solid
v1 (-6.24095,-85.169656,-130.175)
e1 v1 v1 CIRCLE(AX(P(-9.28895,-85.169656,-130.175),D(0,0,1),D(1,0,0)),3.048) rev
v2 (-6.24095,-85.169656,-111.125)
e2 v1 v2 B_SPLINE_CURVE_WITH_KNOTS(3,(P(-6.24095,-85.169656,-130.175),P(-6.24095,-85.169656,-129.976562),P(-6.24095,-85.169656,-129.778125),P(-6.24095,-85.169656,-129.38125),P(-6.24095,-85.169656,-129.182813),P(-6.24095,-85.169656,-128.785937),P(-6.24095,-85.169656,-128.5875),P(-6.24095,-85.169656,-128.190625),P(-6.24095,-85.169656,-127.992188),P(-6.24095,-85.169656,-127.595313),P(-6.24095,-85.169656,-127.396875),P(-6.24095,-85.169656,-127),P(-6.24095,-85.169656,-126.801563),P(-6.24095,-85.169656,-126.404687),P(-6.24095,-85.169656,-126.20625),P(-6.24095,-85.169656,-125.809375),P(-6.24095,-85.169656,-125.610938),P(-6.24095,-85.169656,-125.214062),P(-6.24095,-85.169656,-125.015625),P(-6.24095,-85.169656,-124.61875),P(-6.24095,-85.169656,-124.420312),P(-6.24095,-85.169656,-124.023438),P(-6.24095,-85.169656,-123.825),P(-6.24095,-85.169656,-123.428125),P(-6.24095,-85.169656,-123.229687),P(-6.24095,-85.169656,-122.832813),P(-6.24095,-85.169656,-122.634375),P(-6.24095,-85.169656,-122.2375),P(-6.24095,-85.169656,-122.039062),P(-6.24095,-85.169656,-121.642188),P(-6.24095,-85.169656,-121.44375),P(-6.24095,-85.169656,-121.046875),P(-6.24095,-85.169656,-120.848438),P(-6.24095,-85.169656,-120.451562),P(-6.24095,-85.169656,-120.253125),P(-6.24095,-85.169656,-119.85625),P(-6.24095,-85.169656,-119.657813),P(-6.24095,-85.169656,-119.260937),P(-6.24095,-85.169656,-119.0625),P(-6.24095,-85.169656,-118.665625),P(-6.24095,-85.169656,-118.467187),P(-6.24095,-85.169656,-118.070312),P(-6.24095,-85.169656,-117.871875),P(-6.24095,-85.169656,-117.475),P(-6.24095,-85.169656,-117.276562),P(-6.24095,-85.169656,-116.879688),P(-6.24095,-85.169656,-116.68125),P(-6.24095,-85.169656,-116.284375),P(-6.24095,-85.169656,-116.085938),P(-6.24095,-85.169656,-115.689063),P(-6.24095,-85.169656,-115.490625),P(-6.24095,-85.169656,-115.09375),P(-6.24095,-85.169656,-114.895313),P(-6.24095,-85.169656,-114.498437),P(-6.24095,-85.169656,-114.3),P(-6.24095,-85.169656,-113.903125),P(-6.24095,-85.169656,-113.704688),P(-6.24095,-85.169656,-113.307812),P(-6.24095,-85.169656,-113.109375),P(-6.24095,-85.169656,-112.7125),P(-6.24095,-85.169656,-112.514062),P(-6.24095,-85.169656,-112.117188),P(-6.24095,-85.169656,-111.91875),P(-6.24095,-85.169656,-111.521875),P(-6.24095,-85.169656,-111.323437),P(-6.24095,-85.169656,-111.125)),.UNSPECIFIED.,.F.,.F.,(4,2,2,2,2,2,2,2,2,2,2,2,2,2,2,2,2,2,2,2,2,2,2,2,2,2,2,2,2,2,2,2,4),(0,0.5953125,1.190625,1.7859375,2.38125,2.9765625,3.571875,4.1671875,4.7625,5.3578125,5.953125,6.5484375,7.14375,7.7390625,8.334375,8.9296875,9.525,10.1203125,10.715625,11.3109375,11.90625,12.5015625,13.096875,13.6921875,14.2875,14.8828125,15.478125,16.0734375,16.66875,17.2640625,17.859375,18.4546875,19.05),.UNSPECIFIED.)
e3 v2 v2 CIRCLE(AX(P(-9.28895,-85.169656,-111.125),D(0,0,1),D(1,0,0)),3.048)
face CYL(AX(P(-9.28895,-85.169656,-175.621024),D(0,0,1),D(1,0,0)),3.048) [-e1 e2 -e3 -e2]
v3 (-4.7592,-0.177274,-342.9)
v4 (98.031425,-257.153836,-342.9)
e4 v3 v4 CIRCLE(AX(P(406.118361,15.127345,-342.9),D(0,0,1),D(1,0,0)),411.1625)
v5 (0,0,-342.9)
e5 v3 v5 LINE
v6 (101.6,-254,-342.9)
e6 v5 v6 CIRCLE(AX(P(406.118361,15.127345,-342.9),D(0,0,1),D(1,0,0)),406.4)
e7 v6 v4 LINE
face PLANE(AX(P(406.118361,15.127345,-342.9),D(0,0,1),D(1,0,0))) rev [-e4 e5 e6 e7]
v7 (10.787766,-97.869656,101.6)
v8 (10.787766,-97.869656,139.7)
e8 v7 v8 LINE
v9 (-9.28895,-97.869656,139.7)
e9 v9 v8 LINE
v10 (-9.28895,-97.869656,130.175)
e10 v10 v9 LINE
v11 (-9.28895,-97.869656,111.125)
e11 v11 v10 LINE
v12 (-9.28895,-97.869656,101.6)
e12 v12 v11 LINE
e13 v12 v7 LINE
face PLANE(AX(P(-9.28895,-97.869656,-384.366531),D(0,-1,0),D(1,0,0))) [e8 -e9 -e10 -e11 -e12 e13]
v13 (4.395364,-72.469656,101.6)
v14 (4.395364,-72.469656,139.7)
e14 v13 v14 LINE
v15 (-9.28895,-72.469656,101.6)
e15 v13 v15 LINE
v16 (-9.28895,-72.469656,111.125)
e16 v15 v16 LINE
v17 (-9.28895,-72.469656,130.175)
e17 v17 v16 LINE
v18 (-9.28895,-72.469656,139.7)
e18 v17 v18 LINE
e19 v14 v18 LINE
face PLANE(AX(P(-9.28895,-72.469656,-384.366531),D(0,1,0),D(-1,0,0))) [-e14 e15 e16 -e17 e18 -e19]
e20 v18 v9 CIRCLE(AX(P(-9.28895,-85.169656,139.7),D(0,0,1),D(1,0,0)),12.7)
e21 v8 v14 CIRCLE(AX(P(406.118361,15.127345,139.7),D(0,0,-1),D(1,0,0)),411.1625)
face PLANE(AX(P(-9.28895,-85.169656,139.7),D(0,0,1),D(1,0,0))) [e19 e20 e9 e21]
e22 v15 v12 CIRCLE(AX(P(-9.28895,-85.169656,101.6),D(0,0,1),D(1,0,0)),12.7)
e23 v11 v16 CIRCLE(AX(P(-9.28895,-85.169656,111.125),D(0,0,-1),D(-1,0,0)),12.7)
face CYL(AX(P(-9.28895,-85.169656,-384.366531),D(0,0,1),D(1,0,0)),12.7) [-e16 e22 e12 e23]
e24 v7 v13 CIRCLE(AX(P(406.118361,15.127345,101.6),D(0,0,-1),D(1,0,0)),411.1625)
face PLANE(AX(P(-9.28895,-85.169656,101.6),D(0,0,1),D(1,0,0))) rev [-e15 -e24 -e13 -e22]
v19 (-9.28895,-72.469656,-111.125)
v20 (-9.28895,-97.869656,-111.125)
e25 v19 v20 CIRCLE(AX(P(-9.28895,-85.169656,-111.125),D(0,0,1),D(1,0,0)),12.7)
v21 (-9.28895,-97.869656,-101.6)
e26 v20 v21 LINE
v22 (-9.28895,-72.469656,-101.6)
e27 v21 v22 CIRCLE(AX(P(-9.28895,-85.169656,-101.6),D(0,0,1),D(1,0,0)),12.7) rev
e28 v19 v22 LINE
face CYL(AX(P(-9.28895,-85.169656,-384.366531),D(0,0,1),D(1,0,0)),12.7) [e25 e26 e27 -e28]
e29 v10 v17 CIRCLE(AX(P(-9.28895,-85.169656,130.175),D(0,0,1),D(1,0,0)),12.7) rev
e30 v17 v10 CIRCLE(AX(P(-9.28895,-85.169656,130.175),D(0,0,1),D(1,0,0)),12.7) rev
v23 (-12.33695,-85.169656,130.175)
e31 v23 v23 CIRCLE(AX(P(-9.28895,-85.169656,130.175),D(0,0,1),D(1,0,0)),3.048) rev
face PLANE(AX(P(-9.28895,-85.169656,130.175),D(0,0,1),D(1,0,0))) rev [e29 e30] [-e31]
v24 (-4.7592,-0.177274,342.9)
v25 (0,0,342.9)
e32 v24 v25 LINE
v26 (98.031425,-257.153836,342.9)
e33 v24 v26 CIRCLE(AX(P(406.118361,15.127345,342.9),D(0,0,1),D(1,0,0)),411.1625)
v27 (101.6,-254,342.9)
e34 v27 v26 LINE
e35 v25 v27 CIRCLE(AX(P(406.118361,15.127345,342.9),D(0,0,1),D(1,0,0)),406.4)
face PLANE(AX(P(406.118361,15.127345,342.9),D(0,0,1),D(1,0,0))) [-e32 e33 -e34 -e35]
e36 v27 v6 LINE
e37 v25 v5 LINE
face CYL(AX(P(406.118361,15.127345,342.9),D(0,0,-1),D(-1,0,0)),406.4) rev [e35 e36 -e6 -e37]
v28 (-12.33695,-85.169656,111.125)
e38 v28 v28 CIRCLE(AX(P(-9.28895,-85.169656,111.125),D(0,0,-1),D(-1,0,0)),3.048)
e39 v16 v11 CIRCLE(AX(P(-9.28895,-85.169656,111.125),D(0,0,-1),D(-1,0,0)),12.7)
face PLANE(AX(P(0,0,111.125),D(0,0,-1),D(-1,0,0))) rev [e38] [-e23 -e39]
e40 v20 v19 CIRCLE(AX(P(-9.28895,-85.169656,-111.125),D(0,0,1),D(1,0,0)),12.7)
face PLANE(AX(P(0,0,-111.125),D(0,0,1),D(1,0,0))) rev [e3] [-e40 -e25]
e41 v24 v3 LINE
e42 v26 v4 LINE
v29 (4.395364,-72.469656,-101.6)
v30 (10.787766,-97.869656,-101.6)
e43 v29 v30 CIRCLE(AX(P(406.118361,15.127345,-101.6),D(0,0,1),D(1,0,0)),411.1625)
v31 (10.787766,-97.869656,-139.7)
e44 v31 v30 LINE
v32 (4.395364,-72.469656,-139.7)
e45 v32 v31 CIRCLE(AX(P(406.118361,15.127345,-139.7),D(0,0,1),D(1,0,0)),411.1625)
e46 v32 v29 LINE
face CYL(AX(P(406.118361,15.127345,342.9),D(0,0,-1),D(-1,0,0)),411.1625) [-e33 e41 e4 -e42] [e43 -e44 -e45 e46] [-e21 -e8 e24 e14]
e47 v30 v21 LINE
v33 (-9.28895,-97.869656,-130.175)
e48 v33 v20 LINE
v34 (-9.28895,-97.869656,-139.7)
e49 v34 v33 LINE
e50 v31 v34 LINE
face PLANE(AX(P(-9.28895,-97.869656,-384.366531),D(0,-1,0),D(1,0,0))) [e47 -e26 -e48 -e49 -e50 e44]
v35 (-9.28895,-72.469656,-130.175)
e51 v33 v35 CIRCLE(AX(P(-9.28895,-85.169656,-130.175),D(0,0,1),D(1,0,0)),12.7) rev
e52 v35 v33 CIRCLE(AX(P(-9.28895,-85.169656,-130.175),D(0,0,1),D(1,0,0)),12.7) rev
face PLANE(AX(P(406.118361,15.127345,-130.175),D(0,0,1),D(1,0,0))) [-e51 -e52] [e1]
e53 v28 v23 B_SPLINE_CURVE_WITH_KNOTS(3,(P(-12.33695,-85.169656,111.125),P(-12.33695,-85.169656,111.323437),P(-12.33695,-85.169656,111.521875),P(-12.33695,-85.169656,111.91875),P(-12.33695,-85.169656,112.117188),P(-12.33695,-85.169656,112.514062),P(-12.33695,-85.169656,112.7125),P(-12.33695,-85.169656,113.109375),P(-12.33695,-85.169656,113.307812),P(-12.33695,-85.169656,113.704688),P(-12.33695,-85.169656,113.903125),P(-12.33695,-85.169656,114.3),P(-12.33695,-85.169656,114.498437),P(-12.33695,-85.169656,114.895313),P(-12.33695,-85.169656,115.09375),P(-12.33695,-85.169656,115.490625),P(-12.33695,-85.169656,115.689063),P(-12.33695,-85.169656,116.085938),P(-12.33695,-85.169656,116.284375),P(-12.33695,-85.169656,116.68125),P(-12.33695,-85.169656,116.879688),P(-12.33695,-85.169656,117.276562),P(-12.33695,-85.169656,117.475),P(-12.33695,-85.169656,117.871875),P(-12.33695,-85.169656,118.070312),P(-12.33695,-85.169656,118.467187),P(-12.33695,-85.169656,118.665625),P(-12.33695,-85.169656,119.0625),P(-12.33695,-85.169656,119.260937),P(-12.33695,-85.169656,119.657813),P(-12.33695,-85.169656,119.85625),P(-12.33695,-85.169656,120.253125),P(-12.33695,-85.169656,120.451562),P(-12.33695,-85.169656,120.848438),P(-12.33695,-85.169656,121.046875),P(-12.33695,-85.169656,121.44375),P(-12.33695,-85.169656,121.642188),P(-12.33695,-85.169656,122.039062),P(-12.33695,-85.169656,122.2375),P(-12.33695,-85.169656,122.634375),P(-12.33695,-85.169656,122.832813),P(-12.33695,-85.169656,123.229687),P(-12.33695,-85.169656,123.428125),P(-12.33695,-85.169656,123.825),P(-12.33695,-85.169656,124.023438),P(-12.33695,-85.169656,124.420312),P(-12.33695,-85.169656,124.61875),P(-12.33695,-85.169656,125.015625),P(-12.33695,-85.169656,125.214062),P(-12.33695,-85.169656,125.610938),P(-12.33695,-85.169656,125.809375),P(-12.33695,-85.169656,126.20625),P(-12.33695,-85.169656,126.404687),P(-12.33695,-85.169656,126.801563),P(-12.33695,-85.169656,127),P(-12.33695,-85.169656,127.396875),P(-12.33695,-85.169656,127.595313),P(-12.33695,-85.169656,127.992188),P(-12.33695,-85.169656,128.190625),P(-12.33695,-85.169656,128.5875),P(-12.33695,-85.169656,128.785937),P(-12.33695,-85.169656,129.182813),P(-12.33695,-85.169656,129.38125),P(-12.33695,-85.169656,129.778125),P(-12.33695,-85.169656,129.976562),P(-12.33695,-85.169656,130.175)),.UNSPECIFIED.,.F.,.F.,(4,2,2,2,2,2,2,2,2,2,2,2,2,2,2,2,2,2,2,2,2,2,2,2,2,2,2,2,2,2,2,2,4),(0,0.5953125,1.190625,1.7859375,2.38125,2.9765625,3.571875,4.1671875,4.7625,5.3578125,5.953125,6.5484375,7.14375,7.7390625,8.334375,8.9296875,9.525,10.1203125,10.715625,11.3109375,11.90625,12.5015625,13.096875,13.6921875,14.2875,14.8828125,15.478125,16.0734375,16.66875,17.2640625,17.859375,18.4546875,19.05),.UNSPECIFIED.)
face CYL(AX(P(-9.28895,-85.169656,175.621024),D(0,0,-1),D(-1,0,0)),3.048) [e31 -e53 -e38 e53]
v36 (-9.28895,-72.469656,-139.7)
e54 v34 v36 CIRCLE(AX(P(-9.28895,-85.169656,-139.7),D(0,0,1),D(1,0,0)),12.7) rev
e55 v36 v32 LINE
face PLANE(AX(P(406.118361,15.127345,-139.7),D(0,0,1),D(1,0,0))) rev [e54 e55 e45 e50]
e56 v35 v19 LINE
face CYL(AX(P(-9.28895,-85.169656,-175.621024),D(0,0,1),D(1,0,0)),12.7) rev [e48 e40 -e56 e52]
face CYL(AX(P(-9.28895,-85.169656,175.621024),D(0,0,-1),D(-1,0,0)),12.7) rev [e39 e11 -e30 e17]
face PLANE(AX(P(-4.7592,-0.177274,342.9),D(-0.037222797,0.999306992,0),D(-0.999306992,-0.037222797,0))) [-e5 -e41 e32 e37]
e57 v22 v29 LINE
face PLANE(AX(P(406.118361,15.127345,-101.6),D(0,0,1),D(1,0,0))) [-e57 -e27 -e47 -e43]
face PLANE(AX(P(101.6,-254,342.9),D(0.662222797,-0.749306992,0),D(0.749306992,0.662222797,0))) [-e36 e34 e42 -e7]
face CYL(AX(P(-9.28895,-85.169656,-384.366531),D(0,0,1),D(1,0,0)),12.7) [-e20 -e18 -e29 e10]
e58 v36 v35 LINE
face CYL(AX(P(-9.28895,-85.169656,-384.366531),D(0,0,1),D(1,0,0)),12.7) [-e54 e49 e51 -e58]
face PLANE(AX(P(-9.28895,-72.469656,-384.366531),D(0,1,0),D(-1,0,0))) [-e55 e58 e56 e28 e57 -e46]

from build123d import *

# Parameters (mm, degrees)
EXTRUDE_THIN1_DEPTH = 342.9
BOSS_EXTRUDE1_START = -203.2
BOSS_EXTRUDE1_DEPTH = 279.4
CUT_EXTRUDE1_START  = -38.1
CUT_EXTRUDE1_DEPTH  = 203.2
CUT_EXTRUDE2_START  = -9.525
SKETCH4_R           = 3.048
CUT_EXTRUDE2_DEPTH  = 19.05
CUT_EXTRUDE3_START  = -28.575
SKETCH5_R           = 3.048
CUT_EXTRUDE3_DEPTH  = 19.05


with BuildPart() as part:
    # Sketch1 → Extrude-Thin1 (new, symmetric)
    with BuildSketch(Plane.XY):
        with BuildLine():
            ThreePointArc((0, 0), (28.7854342, -135.80582632), (101.6, -254))
            Line((101.6, -254), (98.031425453, -257.153836069))
            ThreePointArc((98.031425453, -257.153836069), (24.36356396, -137.574574416), (-4.759199547, -0.177273569))
            Line((-4.759199547, -0.177273569), (0, 0))
        make_face()
    extrude(amount=EXTRUDE_THIN1_DEPTH, both=True)

    # Sketch2 → Boss-Extrude1 (add)
    with BuildSketch(Plane.XY.offset(342.9).offset(BOSS_EXTRUDE1_START)):
        with BuildLine():
            Line((-9.288950239, -72.469656114), (4.395363676, -72.469656114))
            ThreePointArc((4.395363676, -72.469656114), (7.38925865, -85.220570454), (10.787766498, -97.869656114))
            Line((10.787766498, -97.869656114), (-9.288950239, -97.869656114))
            ThreePointArc((-9.288950239, -97.869656114), (-21.988950239, -85.169656114), (-9.288950239, -72.469656114))
        make_face()
    extrude(amount=-BOSS_EXTRUDE1_DEPTH)

    # Sketch3 → Cut-Extrude1 (cut)
    with BuildSketch(Plane.XY.offset(139.7).offset(CUT_EXTRUDE1_START)):
        with BuildLine():
            Line((-9.288950239, -97.869656114), (10.787766498, -97.869656114))
            ThreePointArc((10.787766498, -97.869656114), (7.38925865, -85.220570454), (4.395363676, -72.469656114))
            Line((4.395363676, -72.469656114), (-9.288950239, -72.469656114))
            ThreePointArc((-9.288950239, -72.469656114), (-21.988950239, -85.169656114), (-9.288950239, -97.869656114))
        make_face()
    extrude(amount=-CUT_EXTRUDE1_DEPTH, mode=Mode.SUBTRACT)

    # Sketch4 → Cut-Extrude2 (cut)
    with BuildSketch(Plane.XY.offset(-101.6).offset(CUT_EXTRUDE2_START)):
        with BuildLine():
            ThreePointArc((-9.288950239, -97.869656114), (-0.308694117, -94.149912235), (3.411049761, -85.169656114))
            ThreePointArc((3.411049761, -85.169656114), (-0.308694117, -76.189399993), (-9.288950239, -72.469656114))
            ThreePointArc((-9.288950239, -72.469656114), (-21.988950239, -85.169656114), (-9.288950239, -97.869656114))
        make_face()
        with Locations((-9.288950239, -85.169656114)):
            Circle(SKETCH4_R, mode=Mode.SUBTRACT)
    extrude(amount=-CUT_EXTRUDE2_DEPTH, mode=Mode.SUBTRACT)

    # Sketch5 → Cut-Extrude3 (cut)
    with BuildSketch(Plane(origin=(0, 0, 101.6), x_dir=(-1, 0, 0), z_dir=(0, 0, -1)).offset(CUT_EXTRUDE3_START)):
        with BuildLine():
            ThreePointArc((9.288950239, -97.869656114), (18.26920636, -94.149912235), (21.988950239, -85.169656114))
            ThreePointArc((21.988950239, -85.169656114), (18.26920636, -76.189399993), (9.288950239, -72.469656114))
            ThreePointArc((9.288950239, -72.469656114), (-3.411049761, -85.169656114), (9.288950239, -97.869656114))
        make_face()
        with Locations(Location((9.288950239, -85.169656114, 0), (0, 0, 180))):
            Circle(SKETCH5_R, mode=Mode.SUBTRACT)
    extrude(amount=CUT_EXTRUDE3_DEPTH, mode=Mode.SUBTRACT)


solid = part.part
